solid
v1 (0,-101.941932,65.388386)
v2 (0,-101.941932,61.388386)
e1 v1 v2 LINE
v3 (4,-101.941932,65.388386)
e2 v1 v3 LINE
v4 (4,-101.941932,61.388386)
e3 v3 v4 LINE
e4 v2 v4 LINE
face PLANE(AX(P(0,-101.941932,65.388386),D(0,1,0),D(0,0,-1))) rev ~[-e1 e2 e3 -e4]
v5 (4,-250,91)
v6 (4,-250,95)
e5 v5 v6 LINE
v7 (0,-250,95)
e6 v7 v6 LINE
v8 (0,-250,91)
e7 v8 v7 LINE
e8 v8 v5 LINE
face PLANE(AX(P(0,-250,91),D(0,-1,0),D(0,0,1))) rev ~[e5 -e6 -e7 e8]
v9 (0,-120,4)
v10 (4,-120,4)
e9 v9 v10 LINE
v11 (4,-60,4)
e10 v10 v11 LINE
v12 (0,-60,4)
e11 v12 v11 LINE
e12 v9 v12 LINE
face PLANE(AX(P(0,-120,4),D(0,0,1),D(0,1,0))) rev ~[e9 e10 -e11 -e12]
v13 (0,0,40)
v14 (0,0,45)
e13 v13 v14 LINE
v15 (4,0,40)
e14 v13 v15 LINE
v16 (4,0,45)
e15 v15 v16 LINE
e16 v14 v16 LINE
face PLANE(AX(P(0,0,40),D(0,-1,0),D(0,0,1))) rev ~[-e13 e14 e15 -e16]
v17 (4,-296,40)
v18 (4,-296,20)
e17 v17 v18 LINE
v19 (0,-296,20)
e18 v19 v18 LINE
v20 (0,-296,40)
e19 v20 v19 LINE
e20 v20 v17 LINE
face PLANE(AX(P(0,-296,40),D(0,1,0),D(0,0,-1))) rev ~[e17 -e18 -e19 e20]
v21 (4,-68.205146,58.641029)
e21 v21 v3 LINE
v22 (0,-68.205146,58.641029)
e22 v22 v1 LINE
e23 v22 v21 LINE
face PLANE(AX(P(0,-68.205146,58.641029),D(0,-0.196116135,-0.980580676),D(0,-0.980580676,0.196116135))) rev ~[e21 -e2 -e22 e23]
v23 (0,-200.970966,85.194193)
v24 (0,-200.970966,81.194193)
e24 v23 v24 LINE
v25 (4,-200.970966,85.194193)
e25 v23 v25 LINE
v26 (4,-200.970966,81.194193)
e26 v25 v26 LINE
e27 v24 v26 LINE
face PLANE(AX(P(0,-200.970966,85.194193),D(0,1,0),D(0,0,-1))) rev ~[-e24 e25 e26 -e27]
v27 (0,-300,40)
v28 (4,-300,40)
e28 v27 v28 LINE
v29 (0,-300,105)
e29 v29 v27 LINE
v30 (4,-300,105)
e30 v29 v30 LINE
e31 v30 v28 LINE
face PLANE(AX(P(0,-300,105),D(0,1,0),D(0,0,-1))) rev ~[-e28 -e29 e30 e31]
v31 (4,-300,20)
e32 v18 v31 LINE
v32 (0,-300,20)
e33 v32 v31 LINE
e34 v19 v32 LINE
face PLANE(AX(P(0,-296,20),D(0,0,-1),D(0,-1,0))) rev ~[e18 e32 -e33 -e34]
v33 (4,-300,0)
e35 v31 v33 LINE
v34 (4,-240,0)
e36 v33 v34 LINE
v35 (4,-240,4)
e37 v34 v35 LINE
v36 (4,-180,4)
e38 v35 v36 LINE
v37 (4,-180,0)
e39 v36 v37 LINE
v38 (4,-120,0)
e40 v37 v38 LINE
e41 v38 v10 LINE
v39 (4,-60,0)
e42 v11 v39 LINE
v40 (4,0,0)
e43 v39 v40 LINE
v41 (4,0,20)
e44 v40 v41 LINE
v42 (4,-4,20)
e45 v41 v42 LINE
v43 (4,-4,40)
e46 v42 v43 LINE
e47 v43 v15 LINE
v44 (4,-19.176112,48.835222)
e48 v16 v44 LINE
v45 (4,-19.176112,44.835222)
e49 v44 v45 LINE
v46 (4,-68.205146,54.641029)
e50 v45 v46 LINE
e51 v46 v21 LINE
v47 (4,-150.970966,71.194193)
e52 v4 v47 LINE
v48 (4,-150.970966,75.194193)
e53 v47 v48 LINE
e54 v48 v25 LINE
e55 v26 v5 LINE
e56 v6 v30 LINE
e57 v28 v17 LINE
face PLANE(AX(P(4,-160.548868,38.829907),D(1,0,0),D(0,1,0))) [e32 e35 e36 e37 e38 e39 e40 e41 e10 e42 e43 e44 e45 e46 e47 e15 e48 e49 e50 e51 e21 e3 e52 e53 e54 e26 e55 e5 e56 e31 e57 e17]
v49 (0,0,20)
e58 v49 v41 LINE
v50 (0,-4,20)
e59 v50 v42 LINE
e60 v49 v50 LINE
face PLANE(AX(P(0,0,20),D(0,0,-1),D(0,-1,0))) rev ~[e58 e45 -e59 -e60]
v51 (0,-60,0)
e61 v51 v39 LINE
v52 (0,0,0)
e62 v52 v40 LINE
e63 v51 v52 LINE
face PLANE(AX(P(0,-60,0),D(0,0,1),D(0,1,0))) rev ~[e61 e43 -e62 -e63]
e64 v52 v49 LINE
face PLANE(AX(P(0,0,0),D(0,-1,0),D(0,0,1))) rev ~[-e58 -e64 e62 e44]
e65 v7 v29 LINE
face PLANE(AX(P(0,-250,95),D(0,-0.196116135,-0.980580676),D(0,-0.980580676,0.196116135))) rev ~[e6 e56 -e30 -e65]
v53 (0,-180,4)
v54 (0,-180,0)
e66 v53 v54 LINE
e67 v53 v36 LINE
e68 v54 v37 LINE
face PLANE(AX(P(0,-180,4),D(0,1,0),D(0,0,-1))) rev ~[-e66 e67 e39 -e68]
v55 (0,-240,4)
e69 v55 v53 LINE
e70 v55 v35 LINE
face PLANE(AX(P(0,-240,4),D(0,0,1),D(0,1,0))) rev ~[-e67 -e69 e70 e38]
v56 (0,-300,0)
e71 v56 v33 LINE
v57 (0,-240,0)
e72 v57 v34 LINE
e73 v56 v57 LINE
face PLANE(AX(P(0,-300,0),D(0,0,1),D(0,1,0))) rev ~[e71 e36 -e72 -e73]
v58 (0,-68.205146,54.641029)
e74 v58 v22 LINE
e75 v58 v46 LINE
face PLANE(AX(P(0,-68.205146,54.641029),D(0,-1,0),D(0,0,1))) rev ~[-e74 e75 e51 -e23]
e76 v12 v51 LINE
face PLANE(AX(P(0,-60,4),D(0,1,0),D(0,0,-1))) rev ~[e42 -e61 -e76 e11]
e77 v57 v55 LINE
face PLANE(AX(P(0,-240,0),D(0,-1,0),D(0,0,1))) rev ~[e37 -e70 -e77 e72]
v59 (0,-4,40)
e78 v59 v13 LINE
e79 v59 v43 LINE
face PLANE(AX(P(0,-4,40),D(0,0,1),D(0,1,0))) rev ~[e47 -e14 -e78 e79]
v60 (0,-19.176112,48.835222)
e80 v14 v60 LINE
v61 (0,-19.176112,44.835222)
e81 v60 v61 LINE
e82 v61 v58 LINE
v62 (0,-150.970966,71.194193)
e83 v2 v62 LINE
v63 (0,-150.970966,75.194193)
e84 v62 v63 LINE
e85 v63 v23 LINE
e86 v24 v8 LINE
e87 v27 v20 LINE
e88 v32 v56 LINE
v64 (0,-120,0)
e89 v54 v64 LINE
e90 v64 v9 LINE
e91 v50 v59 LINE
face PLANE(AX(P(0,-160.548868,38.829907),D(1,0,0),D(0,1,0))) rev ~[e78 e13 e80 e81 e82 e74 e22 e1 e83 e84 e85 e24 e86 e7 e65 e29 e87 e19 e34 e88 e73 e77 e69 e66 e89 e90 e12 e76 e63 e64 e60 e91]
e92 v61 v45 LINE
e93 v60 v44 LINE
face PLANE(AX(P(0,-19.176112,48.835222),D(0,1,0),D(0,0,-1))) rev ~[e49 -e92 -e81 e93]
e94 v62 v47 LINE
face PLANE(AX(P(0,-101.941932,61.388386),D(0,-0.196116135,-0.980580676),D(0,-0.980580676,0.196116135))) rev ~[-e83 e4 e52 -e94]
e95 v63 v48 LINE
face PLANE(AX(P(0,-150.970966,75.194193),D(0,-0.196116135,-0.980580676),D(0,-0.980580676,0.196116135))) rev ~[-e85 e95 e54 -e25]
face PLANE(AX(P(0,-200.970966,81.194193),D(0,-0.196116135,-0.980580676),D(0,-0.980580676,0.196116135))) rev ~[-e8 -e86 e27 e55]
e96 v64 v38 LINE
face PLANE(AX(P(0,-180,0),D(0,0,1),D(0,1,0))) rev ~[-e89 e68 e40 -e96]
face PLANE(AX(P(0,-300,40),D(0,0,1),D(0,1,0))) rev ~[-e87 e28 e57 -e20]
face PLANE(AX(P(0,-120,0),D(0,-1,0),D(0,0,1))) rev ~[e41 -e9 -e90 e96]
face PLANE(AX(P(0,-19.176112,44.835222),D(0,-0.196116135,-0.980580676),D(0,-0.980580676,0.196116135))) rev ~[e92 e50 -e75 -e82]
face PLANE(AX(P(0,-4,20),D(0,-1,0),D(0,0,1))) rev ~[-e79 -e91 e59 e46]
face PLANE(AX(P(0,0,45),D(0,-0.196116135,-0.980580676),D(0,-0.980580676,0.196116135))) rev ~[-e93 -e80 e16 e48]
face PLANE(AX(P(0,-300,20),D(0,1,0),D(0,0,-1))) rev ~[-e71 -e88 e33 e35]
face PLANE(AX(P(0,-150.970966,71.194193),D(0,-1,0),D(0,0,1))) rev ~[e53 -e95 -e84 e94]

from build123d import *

# Parameters (mm, degrees)
F1_DEPTH = 4


with BuildPart() as f1:
    # F0 (on Right) → F1 (new body)
    with BuildSketch(Plane.YZ):
        Polygon((-60, 0), (0, 0), (0, 20), (-4, 20), (-4, 40), (0, 40), (0, 45), (-19.1761123918, 48.8352224784), (-19.1761123918, 44.8352224784), (-68.2051461763, 54.6410292353), (-68.2051461763, 58.6410292353), (-101.9419324309, 65.3883864862), (-101.9419324309, 61.3883864862), (-150.9709662155, 71.1941932431), (-150.9709662155, 75.1941932431), (-200.9709662155, 85.1941932431), (-200.9709662155, 81.1941932431), (-250, 91), (-250, 95), (-300, 105), (-300, 40), (-296, 40), (-296, 20), (-300, 20), (-300, 0), (-240, 0), (-240, 4), (-180, 4), (-180, 0), (-120, 0), (-120, 4), (-60, 4), align=None)
    extrude(amount=F1_DEPTH)


solid = f1.part
